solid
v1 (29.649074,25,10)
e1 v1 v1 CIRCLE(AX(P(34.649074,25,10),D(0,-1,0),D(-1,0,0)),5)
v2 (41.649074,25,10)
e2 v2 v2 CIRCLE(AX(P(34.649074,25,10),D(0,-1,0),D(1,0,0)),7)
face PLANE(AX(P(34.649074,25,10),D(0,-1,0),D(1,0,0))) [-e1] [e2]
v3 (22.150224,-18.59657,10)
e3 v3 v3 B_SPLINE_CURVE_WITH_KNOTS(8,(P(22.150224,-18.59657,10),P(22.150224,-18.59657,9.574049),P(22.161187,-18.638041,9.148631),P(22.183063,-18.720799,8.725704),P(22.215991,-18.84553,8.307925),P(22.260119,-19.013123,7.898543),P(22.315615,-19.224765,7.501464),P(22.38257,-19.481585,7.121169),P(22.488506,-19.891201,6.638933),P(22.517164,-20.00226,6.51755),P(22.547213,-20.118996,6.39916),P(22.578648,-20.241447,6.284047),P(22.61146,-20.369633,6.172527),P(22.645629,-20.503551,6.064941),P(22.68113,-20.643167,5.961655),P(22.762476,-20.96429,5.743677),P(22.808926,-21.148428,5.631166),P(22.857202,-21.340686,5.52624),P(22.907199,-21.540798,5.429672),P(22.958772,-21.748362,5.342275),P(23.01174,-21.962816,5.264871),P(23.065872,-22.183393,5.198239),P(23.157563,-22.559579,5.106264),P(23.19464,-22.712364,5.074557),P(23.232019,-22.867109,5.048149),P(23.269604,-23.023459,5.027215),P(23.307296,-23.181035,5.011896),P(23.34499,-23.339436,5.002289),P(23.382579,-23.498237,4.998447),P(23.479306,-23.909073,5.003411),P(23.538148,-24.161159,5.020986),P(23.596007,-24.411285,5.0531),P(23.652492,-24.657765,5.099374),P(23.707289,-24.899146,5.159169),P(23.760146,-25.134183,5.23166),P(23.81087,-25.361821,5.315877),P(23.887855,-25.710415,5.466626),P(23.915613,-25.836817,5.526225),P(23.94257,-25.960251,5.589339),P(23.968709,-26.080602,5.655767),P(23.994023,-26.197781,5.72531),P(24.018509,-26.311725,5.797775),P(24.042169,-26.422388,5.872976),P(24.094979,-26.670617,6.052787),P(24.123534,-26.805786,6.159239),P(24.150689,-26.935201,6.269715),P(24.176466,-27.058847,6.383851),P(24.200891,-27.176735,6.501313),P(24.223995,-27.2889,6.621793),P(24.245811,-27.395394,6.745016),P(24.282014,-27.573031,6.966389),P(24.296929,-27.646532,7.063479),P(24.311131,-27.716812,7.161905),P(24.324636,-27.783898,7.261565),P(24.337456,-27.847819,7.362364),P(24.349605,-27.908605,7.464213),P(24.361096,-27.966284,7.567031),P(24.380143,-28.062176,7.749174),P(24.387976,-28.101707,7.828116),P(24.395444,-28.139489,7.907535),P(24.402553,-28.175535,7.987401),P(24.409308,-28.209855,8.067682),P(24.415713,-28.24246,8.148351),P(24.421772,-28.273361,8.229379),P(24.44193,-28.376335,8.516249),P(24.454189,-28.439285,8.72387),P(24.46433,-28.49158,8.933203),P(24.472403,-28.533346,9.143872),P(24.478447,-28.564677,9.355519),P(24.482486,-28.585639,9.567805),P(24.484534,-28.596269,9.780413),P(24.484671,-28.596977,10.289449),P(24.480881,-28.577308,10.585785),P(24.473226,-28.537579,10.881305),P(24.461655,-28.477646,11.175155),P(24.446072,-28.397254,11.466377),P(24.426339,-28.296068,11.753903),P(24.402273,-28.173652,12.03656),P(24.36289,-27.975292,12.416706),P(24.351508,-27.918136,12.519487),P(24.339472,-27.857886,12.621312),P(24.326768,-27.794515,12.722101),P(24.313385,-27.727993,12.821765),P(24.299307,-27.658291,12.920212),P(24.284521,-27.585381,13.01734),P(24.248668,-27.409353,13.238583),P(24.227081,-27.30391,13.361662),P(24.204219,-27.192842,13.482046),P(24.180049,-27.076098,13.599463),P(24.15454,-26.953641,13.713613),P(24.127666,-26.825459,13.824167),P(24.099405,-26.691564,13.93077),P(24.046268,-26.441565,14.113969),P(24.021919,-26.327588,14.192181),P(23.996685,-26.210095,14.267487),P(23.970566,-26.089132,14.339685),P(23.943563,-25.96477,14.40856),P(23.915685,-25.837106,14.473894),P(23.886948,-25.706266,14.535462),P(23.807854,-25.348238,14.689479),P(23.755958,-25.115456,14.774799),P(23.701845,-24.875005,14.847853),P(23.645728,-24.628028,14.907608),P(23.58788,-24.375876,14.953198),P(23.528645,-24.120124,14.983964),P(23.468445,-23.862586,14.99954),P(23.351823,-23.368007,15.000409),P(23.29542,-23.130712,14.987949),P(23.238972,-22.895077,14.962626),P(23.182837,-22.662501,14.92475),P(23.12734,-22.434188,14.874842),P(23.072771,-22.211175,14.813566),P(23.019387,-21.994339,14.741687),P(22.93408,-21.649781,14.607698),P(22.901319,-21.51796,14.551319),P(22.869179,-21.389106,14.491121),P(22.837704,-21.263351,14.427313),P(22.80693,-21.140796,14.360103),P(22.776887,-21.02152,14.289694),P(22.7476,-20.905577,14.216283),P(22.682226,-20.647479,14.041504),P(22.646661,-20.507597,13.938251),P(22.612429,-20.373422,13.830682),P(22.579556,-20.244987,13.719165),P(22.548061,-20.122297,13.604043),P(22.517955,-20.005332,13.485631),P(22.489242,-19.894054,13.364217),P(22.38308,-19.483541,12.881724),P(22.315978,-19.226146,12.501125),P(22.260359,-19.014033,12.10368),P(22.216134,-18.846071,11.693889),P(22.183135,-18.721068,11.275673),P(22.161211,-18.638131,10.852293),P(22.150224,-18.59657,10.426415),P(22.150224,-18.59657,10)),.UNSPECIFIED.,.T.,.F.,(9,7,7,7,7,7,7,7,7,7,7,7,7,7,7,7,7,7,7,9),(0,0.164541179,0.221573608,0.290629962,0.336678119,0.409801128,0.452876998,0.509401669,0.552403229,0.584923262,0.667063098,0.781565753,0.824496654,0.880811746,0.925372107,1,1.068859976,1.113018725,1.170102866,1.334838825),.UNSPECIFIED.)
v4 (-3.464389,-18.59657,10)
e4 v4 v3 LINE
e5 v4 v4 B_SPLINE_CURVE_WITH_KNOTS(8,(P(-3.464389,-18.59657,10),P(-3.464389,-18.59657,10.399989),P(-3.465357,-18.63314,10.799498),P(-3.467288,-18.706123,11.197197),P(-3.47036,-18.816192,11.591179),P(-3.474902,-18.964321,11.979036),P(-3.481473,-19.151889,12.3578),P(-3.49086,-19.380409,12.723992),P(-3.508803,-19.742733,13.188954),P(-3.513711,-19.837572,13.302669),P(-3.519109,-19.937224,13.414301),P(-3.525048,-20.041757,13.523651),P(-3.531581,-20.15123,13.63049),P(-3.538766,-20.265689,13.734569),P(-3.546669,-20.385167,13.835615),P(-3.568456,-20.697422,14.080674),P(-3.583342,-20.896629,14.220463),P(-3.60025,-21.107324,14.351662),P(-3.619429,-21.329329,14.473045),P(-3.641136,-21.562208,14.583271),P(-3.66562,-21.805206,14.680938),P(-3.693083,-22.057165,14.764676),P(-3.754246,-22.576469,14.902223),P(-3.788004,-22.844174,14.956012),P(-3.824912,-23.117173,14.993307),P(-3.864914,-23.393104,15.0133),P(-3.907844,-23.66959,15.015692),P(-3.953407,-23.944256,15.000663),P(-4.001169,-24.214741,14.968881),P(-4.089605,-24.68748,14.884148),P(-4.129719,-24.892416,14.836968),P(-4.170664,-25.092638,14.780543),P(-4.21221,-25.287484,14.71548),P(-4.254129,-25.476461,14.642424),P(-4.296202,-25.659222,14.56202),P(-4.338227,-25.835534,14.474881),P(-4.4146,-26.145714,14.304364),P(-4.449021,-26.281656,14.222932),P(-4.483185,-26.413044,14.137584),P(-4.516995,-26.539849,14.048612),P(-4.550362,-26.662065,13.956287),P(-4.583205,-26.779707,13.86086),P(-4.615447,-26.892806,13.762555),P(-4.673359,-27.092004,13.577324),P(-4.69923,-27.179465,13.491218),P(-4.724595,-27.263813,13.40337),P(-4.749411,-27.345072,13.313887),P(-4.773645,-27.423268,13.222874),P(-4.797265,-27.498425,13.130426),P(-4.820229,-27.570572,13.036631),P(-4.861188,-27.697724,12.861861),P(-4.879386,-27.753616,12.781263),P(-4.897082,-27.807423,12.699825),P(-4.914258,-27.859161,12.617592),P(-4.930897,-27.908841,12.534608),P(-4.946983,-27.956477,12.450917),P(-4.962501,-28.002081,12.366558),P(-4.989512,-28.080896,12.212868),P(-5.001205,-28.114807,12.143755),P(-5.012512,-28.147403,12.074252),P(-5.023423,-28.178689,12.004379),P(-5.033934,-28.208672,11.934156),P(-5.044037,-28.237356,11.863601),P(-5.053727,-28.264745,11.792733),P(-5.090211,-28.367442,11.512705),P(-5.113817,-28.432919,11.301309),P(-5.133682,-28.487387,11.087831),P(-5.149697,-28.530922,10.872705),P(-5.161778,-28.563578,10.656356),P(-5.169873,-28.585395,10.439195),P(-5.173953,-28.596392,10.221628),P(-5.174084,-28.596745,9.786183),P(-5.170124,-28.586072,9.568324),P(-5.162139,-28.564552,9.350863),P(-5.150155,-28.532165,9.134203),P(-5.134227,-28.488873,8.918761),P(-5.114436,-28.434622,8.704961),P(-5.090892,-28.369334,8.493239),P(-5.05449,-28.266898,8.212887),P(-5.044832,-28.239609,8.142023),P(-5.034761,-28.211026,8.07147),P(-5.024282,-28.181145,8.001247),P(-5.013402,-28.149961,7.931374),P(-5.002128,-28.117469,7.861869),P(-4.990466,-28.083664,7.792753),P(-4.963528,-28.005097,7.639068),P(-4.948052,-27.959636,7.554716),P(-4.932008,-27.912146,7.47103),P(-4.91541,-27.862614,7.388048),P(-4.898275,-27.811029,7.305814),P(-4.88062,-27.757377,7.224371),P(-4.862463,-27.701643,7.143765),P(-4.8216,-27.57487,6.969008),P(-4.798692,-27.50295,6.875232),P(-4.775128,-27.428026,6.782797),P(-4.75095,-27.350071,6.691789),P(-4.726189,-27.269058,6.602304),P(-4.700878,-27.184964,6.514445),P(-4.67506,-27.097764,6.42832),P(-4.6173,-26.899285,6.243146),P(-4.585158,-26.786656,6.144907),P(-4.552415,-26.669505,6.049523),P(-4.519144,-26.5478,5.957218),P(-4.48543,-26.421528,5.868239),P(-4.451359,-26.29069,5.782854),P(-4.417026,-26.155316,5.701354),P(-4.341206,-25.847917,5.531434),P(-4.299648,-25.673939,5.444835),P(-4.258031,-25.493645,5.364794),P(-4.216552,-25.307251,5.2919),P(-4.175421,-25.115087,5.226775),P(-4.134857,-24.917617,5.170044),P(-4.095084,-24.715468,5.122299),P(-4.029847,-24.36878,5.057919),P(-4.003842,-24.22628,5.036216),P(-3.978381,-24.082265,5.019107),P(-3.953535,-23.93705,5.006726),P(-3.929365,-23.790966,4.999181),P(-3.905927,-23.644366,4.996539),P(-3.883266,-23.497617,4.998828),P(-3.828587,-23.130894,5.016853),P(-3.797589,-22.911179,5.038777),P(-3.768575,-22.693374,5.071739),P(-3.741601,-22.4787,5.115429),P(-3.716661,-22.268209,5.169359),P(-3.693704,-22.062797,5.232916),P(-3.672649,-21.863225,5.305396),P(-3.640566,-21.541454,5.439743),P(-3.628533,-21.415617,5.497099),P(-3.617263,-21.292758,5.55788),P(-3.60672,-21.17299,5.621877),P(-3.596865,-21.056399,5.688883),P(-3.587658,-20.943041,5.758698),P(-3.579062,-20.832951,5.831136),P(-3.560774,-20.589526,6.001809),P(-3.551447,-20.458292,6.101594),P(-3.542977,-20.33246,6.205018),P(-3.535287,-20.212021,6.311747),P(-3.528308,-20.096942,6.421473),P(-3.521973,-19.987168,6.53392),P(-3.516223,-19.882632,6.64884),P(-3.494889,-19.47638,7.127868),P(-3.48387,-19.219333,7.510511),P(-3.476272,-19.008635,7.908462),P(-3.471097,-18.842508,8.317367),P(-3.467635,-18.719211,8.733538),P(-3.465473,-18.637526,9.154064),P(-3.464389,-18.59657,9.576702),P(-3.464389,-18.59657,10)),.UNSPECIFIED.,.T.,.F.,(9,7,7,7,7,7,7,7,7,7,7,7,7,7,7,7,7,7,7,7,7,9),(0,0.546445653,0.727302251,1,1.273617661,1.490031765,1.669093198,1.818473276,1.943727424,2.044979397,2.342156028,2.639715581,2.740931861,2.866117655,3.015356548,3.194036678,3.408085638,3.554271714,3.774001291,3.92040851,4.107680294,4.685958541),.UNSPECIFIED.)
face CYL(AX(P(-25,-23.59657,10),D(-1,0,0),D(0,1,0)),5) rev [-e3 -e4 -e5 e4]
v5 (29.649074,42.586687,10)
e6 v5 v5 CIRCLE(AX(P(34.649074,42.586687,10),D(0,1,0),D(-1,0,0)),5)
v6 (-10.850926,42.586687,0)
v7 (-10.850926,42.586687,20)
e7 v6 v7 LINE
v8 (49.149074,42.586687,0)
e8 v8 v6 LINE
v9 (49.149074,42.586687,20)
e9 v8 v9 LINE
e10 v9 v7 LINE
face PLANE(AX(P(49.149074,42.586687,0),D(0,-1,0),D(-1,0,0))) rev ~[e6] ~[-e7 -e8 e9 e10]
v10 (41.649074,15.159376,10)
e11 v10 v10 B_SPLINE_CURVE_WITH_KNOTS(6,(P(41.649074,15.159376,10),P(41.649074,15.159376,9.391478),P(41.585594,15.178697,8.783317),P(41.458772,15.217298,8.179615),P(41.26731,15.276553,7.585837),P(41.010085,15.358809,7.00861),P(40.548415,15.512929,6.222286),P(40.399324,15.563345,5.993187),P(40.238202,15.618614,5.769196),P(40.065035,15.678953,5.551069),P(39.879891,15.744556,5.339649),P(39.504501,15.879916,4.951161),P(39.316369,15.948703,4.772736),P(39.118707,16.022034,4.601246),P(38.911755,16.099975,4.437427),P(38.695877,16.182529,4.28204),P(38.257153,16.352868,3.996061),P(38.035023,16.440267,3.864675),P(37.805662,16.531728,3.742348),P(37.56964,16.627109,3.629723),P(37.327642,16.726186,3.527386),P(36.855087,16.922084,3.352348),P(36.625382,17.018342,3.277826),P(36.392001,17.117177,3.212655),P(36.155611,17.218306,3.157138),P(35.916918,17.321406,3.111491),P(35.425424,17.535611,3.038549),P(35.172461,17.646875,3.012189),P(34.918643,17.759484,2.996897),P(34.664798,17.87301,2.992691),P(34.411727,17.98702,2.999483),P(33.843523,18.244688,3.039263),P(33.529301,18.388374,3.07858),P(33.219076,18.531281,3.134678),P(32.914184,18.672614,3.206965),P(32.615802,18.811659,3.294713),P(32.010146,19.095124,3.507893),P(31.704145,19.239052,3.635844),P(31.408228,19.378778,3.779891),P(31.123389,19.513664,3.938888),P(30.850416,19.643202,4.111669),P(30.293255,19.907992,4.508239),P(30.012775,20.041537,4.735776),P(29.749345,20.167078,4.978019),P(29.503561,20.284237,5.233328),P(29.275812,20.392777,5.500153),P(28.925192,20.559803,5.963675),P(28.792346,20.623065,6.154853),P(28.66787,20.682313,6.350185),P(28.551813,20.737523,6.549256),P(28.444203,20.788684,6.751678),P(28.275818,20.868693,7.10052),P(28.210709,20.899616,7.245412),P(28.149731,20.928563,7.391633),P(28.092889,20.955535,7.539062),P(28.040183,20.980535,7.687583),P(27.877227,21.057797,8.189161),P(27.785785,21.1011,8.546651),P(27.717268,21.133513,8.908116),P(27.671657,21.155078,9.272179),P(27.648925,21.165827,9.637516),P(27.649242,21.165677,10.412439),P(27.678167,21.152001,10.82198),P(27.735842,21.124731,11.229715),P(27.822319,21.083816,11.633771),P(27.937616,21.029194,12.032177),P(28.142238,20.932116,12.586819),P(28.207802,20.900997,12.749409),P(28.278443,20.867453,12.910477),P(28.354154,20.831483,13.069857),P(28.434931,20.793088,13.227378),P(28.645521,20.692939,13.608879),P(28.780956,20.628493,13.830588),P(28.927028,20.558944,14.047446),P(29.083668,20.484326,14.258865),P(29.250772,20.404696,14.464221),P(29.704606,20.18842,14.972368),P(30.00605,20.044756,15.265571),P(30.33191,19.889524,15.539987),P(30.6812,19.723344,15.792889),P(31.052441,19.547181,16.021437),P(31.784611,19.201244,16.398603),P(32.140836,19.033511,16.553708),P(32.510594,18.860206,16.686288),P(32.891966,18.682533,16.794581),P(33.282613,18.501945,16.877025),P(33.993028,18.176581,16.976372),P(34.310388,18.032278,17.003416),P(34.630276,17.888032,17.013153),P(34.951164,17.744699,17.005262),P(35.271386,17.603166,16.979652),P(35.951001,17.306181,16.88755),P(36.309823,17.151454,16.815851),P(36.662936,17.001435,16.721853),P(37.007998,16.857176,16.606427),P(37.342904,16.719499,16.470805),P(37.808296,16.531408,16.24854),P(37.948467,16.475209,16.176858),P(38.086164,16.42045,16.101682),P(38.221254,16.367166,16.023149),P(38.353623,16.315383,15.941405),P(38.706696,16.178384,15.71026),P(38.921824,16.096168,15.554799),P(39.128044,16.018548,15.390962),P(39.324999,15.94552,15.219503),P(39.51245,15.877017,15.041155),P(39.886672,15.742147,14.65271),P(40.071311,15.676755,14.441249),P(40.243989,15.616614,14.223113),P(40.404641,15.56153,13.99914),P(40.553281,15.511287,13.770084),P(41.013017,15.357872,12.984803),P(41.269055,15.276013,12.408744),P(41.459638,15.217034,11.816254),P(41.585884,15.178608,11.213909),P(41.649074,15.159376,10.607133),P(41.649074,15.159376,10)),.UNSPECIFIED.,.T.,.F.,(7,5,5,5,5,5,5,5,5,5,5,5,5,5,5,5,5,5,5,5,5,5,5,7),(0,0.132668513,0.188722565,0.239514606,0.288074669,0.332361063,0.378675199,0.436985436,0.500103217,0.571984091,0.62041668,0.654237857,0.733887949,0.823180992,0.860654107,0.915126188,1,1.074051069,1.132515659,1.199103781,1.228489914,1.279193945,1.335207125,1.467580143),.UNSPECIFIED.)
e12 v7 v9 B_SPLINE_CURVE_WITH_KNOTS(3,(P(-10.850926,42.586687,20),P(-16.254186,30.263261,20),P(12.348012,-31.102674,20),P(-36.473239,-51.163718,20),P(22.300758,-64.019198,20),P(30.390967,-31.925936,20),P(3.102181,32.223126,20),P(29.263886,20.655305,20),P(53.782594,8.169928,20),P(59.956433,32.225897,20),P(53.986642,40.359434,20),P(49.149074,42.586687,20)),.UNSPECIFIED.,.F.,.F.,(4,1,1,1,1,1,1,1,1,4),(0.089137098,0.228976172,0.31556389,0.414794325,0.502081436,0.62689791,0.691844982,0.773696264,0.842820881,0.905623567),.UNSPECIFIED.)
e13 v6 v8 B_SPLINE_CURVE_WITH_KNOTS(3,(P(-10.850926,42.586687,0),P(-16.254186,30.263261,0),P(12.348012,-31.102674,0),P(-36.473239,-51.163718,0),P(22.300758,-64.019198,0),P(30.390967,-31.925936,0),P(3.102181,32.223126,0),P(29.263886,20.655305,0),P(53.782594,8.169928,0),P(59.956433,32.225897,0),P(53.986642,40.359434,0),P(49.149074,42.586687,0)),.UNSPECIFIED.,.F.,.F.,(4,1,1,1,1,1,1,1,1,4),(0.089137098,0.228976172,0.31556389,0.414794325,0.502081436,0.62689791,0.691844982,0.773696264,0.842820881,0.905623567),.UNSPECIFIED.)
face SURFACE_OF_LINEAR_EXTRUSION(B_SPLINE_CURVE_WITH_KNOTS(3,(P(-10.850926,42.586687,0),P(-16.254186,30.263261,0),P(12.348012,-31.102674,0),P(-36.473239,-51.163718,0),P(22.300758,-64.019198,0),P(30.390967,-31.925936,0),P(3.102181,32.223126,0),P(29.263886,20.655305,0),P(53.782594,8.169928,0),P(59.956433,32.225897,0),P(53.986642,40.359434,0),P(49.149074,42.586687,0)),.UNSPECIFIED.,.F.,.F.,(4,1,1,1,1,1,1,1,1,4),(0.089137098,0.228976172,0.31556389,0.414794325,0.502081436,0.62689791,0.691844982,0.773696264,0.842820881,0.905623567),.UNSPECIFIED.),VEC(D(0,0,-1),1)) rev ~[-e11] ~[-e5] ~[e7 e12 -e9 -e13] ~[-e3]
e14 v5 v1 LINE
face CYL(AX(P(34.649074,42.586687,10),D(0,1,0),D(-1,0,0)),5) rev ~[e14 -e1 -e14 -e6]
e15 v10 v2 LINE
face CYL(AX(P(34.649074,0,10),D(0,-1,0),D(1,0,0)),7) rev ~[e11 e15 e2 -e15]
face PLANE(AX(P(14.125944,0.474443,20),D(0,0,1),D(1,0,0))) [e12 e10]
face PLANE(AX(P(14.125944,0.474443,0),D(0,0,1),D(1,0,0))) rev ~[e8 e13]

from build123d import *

# Parameters (mm, degrees)
F1_DEPTH = 20
F2_R     = 5
F3_DEPTH = 30
F4_R     = 7
F4_R_2   = 5
F5_DEPTH = 25
F7_R     = 5
F8_DEPTH = 70
F9_DEPTH = 25


with BuildPart() as f1:
    # F0 (on Top) → F1 (new body)
    with BuildSketch(Plane.XY):
        with BuildLine():
            Line((49.1490735081, 42.5866870667), (-10.8509264919, 42.5866870667))
            add(Edge.make_bspline(
                [(-10.8509264919, 42.5866870667), (-16.2541864848, 30.263261364), (12.348011826, -31.1026736188), (-36.4732385778, -51.1637182931), (22.3007579971, -64.0191976869), (30.3909667596, -31.925935524), (3.1021814926, 32.2231264682), (29.263885653, 20.6553045746), (53.7825937435, 8.1699280375), (59.9564330523, 32.2258971402), (53.9866422451, 40.3594338558), (49.1490735081, 42.5866870667)],
                knots=[0.0891370983, 0.0891370983, 0.0891370983, 0.0891370983, 0.2289761722, 0.31556389, 0.4147943253, 0.5020814364, 0.6268979098, 0.6918449824, 0.7736962637, 0.8428208811, 0.9056235672, 0.9056235672, 0.9056235672, 0.9056235672], degree=3))
        make_face()
    extrude(amount=F1_DEPTH)

    # F2 (on face) → F3 (cut)
    with BuildSketch(Plane(origin=(0, 42.5866870667, 0), x_dir=(-1, 0, 0), z_dir=(0, 1, 0))):
        with Locations((-34.6490735081, 10)):
            Circle(F2_R)
    extrude(amount=-F3_DEPTH, mode=Mode.SUBTRACT)

    # F4 (on Front) → F5 (cut)
    with BuildSketch(Plane.XZ):
        with Locations((34.6490735081, 10)):
            Circle(F4_R)
        with Locations((34.6490735081, 10)):
            Circle(F4_R_2, mode=Mode.SUBTRACT)
    extrude(amount=-F5_DEPTH, mode=Mode.SUBTRACT)

    # F7 (on offset) → F8 (cut)
    with BuildSketch(Plane.YZ.offset(-25)):
        with Locations((-23.5965699087, 10)):
            Circle(F7_R)
    extrude(amount=F8_DEPTH, mode=Mode.SUBTRACT)


with BuildPart() as f9:
    # F9 (new): a face of the model
    f9_faces = [f1.part.faces().sort_by_distance(p)[0] for p in [
        (13.3777785007, -1.1236720454, 20),
    ]]
    extrude(f9_faces, amount=F9_DEPTH)


solid = f1.part
